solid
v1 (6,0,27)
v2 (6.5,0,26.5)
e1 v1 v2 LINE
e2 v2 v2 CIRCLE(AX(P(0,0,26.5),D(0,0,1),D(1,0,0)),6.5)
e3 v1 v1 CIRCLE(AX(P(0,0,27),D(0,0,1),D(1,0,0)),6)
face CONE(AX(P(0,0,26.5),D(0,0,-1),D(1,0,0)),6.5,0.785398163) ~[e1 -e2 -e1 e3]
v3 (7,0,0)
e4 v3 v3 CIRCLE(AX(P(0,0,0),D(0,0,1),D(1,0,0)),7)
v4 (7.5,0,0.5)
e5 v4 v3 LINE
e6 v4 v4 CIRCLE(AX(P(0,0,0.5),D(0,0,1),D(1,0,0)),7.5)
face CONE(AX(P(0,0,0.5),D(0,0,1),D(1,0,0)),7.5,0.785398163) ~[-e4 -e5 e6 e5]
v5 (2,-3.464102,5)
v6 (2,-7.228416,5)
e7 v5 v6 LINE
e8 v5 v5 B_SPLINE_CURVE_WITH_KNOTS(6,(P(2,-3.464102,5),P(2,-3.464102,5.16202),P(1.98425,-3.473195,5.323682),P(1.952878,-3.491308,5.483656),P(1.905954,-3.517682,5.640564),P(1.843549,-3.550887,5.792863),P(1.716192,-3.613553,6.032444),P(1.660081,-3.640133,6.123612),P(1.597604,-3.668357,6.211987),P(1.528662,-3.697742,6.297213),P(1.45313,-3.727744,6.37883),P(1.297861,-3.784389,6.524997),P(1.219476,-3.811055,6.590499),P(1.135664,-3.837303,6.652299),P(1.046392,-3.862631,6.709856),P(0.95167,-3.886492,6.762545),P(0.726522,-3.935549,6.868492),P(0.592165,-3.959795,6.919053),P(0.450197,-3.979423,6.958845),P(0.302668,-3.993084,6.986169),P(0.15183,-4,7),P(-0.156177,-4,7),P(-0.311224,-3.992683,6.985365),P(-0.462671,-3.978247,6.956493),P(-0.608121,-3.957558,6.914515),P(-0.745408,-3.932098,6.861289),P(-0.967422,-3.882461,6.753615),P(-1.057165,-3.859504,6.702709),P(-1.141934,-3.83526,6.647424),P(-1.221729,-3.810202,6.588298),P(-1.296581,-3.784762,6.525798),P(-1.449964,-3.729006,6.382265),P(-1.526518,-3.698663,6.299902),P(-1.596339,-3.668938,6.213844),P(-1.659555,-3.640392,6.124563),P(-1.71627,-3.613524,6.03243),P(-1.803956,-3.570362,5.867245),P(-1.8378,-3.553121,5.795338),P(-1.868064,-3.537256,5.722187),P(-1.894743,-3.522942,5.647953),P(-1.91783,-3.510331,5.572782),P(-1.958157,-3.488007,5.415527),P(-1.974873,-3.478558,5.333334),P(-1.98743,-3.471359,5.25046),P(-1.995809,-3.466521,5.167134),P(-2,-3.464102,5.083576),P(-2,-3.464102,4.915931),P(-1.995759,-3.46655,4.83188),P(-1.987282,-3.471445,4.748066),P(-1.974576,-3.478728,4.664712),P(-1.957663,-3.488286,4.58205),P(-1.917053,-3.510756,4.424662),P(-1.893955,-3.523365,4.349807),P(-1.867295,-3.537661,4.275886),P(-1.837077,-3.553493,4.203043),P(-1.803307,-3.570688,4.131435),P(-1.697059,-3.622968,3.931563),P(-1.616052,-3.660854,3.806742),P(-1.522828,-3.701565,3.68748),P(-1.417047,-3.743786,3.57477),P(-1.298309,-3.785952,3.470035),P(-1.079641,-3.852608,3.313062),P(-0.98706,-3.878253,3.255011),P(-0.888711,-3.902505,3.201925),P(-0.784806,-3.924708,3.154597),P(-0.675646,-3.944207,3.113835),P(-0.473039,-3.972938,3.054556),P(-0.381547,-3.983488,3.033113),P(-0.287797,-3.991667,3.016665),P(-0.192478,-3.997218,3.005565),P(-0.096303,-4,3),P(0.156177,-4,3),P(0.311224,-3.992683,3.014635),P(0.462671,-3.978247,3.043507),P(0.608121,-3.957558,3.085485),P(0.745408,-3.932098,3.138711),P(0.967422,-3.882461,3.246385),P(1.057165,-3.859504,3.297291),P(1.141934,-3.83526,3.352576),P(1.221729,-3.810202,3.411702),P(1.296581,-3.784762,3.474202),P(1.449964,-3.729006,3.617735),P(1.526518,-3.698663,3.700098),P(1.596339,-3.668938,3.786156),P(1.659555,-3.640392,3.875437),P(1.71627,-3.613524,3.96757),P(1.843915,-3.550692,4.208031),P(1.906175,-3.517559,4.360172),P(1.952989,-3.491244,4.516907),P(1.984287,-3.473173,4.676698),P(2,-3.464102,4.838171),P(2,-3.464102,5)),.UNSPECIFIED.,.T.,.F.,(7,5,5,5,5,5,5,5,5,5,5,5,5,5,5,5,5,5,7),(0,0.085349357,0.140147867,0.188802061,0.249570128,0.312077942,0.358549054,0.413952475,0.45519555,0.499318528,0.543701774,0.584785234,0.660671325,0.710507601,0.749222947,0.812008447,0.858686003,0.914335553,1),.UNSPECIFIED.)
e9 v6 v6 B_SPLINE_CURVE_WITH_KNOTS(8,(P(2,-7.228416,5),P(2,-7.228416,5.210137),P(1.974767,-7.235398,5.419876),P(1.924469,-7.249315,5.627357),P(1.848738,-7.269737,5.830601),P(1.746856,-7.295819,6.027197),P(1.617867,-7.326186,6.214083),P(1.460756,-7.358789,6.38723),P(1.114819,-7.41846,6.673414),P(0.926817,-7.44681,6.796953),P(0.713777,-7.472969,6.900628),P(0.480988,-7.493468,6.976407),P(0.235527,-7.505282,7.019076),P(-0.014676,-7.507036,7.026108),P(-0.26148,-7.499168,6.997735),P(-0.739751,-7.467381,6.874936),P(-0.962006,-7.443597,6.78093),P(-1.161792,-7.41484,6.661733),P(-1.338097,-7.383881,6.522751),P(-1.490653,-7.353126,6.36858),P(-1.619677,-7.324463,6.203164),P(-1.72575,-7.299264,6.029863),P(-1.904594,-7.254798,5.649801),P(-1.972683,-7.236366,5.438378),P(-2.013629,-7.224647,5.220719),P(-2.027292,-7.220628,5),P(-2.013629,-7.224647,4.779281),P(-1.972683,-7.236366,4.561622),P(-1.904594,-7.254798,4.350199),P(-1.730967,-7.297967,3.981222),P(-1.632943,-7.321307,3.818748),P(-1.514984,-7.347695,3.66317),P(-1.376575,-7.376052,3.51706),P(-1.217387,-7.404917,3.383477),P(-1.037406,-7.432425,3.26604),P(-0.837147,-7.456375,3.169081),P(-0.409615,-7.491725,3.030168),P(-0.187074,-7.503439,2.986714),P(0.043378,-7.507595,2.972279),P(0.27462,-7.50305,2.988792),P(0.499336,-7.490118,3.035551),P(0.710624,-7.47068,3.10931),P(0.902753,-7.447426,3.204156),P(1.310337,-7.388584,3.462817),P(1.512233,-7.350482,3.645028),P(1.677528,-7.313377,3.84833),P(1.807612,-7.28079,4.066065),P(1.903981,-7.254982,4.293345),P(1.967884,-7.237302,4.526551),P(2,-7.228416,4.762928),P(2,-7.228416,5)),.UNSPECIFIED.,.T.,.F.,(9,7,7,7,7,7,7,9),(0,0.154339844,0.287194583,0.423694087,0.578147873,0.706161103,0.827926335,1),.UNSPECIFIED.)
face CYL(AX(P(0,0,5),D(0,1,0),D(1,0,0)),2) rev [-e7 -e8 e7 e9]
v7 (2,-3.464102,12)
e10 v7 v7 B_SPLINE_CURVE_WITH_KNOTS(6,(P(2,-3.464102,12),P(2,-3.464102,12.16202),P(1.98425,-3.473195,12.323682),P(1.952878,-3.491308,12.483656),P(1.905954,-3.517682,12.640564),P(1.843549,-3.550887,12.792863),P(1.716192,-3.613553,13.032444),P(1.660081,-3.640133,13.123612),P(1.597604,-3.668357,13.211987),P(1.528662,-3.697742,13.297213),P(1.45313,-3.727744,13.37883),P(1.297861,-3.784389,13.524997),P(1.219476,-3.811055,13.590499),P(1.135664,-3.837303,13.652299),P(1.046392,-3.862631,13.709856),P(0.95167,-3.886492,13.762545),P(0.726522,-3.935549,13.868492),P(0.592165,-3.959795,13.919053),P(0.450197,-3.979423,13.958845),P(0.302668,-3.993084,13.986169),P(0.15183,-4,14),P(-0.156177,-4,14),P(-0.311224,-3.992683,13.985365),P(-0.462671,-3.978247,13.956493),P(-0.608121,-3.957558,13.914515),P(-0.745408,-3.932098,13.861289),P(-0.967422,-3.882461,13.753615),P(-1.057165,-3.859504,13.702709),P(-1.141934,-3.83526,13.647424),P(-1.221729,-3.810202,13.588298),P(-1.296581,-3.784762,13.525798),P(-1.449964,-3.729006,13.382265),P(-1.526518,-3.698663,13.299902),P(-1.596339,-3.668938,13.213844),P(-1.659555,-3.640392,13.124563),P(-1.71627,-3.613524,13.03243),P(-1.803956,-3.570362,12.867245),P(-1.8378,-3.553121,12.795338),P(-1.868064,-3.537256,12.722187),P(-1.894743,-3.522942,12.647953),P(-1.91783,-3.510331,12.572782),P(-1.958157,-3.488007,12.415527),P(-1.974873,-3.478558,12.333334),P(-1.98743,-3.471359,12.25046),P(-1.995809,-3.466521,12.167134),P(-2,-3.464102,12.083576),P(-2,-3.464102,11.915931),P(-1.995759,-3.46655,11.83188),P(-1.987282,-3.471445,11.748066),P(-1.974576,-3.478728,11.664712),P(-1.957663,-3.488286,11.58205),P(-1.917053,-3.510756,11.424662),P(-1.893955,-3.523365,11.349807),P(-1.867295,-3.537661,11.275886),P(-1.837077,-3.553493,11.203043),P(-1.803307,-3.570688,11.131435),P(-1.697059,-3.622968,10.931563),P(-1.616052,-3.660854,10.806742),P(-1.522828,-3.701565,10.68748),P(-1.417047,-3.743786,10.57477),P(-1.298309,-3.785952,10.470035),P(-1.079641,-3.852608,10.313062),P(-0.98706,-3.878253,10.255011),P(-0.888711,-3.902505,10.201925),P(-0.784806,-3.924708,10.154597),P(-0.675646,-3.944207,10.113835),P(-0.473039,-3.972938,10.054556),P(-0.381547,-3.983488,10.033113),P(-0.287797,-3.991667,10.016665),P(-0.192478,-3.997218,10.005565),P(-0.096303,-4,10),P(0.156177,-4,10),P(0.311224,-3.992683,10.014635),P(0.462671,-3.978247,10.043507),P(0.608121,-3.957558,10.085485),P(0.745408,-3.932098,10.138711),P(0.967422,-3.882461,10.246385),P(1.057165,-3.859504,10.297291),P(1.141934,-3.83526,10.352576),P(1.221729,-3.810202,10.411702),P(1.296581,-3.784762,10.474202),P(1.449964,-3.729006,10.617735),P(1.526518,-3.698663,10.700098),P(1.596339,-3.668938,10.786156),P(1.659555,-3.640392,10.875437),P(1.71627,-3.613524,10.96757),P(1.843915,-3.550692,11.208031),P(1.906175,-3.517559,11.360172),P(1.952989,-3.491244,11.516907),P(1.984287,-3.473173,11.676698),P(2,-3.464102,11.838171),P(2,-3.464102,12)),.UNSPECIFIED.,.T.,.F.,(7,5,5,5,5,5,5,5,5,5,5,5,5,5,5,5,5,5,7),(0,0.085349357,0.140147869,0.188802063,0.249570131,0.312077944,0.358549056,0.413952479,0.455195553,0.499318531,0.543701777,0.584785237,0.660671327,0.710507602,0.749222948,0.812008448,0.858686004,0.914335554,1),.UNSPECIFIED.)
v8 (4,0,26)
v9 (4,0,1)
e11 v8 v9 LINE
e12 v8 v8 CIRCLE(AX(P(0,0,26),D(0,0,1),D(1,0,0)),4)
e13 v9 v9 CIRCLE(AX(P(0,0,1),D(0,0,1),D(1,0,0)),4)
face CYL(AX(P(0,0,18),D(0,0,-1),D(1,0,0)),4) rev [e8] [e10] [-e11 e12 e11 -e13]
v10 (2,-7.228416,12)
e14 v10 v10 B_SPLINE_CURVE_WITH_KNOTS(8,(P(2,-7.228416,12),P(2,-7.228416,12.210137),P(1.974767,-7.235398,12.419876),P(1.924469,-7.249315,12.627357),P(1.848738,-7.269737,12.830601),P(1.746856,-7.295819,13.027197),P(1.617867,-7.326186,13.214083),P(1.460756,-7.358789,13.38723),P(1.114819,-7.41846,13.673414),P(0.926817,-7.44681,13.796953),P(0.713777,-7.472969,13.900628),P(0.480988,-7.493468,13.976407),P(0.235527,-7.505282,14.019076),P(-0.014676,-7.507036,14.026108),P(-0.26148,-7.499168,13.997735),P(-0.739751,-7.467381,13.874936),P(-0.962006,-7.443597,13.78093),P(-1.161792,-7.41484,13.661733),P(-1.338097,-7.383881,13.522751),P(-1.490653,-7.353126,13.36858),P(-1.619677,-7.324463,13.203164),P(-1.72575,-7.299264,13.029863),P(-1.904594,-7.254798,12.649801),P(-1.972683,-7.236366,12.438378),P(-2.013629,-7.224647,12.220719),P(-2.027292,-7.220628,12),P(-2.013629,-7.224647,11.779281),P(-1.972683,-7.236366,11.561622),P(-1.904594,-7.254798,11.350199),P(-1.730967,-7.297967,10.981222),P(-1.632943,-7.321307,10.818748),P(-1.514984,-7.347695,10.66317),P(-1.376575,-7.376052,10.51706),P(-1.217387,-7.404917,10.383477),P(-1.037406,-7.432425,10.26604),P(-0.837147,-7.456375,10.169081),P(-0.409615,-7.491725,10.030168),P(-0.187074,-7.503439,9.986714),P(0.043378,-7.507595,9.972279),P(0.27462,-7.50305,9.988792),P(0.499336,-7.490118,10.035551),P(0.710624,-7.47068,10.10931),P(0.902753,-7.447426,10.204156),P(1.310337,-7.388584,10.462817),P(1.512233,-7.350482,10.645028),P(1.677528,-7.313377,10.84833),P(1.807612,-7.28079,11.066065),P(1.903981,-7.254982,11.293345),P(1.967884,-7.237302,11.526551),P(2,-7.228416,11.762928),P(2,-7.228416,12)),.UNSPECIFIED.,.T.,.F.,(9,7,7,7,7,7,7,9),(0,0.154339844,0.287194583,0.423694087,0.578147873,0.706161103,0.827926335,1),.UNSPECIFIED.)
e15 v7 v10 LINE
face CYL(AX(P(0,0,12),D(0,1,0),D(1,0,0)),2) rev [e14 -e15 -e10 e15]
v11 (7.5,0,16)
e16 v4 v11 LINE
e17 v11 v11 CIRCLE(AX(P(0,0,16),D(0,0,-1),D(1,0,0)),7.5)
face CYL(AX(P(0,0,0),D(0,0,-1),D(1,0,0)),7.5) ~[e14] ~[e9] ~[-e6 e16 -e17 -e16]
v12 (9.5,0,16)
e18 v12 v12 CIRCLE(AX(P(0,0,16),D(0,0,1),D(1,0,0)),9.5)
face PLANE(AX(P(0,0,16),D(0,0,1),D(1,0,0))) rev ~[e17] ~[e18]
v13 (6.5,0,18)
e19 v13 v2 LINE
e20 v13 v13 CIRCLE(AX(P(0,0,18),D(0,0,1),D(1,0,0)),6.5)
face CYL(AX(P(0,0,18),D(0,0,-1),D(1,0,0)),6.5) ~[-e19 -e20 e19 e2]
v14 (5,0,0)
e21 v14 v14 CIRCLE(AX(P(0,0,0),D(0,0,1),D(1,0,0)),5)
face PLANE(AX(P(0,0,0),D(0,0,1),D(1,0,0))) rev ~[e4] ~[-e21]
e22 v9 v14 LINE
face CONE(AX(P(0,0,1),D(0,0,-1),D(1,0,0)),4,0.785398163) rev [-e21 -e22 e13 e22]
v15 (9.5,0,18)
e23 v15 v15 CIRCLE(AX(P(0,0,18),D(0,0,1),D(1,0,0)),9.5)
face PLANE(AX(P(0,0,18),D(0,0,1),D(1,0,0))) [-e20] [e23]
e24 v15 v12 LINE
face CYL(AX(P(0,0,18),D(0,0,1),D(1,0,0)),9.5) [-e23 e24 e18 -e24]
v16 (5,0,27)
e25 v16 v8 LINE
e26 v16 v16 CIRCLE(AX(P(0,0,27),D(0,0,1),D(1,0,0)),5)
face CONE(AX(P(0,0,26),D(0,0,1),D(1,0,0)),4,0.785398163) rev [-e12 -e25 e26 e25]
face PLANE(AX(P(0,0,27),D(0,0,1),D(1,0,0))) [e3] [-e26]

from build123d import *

# Parameters (mm, degrees)
F0_R     = 7.5
F0_R_2   = 4
F1_DEPTH = 18
F2_R     = 6.5
F2_R_2   = 4
F3_DEPTH = 9
F4_SIZE  = 1
F5_SIZE  = 0.5
F6_R     = 9.5
F6_R_2   = 6.5
F7_DEPTH = 2
F8_R     = 2
F9_DEPTH = 25


with BuildPart() as f1:
    # F0 (on Top) → F1 (new body)
    with BuildSketch(Plane.XY):
        Circle(F0_R)
        Circle(F0_R_2, mode=Mode.SUBTRACT)
    extrude(amount=F1_DEPTH)

    # F2 (on face) → F3 (join)
    with BuildSketch(Plane.XY.offset(18)):
        Circle(F2_R)
        Circle(F2_R_2, mode=Mode.SUBTRACT)
    extrude(amount=F3_DEPTH)

    # F4
    f4_edges = [f1.edges().sort_by_distance(p)[0] for p in [
        (-4, 0, 27),
        (-4, 0, 0),
    ]]
    chamfer(f4_edges, length=F4_SIZE)

    # F5
    f5_edges = [f1.edges().sort_by_distance(p)[0] for p in [
        (-7.5, 0, 0),
        (-6.5, 0, 27),
    ]]
    chamfer(f5_edges, length=F5_SIZE)

    # F6 (on face) → F7 (join)
    with BuildSketch(Plane.XY.offset(18)):
        Circle(F6_R)
        Circle(F6_R_2, mode=Mode.SUBTRACT)
    extrude(amount=-F7_DEPTH)

    # F8 (on Front) → F9 (cut)
    with BuildSketch(Plane.XZ):
        with Locations((0, 5)):
            Circle(F8_R)
        with Locations((0, 12)):
            Circle(F8_R)
    extrude(amount=F9_DEPTH, mode=Mode.SUBTRACT)


solid = f1.part
